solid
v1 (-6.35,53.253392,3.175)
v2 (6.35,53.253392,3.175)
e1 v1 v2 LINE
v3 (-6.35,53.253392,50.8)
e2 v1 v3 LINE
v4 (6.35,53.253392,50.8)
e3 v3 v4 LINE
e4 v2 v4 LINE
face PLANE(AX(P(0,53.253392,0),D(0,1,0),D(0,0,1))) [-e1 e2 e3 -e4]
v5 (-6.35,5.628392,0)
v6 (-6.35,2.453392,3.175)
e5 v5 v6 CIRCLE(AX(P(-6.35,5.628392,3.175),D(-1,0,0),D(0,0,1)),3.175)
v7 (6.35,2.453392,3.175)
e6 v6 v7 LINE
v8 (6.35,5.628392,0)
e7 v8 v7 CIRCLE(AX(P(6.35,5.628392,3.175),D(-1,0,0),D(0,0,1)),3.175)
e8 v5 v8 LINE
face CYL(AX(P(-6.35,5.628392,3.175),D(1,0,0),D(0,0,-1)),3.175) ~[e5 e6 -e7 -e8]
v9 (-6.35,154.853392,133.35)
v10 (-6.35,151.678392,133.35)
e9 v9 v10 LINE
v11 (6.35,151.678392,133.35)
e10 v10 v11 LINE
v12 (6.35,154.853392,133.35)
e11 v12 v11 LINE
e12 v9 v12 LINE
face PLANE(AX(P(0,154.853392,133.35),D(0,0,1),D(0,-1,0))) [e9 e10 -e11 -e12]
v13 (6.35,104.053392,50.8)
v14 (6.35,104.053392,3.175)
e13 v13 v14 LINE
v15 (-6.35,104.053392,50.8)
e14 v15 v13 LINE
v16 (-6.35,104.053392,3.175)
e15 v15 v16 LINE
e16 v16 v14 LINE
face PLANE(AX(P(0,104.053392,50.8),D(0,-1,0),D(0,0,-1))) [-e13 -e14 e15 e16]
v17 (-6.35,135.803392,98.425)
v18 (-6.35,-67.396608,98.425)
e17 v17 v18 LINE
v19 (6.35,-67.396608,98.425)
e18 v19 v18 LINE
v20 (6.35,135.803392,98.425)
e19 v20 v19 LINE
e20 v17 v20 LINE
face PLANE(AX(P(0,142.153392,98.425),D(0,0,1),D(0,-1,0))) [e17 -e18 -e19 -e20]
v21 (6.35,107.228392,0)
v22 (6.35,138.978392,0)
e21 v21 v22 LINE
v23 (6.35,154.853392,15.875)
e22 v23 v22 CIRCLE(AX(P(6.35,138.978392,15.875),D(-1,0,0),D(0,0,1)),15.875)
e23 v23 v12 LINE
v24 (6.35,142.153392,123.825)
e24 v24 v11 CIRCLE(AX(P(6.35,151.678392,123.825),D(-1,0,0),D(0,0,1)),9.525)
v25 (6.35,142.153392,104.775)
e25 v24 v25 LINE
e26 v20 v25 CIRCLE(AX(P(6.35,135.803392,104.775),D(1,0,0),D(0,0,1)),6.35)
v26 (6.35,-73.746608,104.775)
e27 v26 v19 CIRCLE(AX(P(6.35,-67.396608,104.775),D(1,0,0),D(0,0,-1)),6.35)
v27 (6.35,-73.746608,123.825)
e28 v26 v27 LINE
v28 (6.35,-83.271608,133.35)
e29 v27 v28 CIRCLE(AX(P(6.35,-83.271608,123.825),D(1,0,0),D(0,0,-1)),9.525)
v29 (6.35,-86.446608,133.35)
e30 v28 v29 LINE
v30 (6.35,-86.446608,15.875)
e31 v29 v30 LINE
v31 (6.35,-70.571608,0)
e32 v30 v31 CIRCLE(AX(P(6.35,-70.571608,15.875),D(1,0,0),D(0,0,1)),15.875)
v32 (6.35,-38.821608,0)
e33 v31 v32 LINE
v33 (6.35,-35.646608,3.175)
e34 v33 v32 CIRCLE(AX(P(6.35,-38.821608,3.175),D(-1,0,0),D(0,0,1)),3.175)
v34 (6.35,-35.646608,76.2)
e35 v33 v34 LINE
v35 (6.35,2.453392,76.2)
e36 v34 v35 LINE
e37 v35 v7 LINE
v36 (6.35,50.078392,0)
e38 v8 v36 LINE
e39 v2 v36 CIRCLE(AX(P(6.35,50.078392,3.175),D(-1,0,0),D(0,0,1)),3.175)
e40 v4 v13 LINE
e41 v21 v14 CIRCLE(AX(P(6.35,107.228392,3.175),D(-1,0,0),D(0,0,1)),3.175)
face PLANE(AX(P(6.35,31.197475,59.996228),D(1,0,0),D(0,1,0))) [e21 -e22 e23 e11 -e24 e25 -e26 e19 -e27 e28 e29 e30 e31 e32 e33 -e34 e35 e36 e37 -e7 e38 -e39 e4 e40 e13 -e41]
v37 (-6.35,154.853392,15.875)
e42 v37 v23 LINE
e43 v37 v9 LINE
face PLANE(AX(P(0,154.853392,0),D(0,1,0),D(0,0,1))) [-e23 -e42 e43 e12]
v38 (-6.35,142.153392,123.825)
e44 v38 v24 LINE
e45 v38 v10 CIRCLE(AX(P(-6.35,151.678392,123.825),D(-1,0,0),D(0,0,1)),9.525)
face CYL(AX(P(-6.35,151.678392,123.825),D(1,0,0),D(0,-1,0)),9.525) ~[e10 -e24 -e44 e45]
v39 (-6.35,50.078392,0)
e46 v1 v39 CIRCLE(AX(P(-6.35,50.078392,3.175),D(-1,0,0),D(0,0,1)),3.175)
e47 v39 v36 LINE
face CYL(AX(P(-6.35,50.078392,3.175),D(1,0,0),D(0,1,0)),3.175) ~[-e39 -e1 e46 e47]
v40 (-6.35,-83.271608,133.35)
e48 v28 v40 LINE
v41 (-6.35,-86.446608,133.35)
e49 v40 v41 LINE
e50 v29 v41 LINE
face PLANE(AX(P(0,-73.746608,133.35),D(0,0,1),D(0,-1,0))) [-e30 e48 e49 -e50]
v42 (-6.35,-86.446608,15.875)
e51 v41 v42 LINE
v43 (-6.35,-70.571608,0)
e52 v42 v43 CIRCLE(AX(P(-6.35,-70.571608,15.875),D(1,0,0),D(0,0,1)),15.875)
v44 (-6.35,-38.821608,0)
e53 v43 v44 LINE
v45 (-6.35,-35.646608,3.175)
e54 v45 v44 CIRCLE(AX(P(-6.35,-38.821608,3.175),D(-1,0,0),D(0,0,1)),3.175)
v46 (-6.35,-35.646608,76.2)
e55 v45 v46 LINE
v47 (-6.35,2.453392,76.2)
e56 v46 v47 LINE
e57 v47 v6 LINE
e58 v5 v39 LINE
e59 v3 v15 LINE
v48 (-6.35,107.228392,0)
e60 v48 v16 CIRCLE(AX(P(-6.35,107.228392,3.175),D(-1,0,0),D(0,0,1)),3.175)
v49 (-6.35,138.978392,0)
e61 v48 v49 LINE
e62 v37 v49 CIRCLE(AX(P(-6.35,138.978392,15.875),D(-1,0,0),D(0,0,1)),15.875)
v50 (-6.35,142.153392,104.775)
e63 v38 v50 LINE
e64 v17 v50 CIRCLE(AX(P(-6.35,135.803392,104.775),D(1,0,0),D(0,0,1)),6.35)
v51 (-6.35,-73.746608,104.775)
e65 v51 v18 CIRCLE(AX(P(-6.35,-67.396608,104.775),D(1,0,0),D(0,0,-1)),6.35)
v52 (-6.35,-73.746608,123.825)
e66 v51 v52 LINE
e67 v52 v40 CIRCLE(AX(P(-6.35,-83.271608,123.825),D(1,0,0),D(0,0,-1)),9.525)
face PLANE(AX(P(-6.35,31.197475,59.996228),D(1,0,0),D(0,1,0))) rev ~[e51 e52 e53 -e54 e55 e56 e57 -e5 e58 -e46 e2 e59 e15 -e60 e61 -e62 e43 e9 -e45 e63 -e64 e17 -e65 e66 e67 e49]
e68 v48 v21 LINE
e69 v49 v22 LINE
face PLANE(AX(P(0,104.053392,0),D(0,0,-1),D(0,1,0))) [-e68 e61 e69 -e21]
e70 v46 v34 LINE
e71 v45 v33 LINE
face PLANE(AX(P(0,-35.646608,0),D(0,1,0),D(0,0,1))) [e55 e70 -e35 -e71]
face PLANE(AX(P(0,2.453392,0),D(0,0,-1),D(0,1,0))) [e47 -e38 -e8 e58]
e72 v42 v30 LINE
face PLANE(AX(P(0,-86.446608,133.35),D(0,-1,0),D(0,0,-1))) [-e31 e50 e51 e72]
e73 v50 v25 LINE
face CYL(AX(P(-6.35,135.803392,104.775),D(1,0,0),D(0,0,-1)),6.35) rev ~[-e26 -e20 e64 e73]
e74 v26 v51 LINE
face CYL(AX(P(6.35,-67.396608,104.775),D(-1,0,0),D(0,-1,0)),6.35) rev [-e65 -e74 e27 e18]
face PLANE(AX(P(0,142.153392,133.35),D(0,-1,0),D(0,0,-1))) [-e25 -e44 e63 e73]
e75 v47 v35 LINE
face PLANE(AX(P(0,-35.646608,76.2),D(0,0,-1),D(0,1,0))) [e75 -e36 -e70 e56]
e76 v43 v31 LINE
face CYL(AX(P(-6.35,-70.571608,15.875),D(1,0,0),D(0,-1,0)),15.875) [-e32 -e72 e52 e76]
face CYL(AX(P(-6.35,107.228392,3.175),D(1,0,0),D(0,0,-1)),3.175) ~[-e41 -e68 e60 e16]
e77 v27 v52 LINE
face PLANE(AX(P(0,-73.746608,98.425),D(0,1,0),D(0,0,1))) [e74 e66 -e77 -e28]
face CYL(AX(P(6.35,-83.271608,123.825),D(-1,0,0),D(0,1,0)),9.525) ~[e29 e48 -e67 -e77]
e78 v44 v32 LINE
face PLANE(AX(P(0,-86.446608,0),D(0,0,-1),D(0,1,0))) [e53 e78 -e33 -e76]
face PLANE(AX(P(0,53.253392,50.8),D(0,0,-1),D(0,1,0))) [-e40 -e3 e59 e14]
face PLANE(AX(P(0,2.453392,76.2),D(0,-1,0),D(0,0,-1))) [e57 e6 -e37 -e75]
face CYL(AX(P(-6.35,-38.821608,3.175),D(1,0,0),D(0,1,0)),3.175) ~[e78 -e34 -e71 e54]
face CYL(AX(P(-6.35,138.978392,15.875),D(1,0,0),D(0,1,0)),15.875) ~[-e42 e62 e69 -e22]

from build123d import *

# Parameters (mm, degrees)
F1_DEPTH = 6.35
F2_R     = 3.175
F3_R     = 6.35
F4_R     = 9.525
F5_R     = 15.875


with BuildPart() as f1:
    # F0 (on Right) → F1 (new body, symmetric)
    with BuildSketch(Plane.YZ):
        Polygon((-86.446608, 133.35), (-86.446608, 0), (-35.646608, 0), (-35.646608, 76.2), (2.453392, 76.2), (2.453392, 0), (53.253392, 0), (53.253392, 50.8), (104.053392, 50.8), (104.053392, 0), (154.853392, 0), (154.853392, 133.35), (142.153392, 133.35), (142.153392, 98.425), (-73.746608, 98.425), (-73.746608, 133.35), align=None)
    extrude(amount=F1_DEPTH, both=True)

    # F2
    f2_edges = [f1.edges().sort_by_distance(p)[0] for p in [
        (0, 53.253392, 0),
        (0, 104.053392, 0),
        (0, 2.453392, 0),
        (0, -35.646608, 0),
    ]]
    fillet(f2_edges, radius=F2_R)

    # F3
    f3_edges = [f1.edges().sort_by_distance(p)[0] for p in [
        (0, -73.746608, 98.425),
        (0, 142.153392, 98.425),
    ]]
    fillet(f3_edges, radius=F3_R)

    # F4
    f4_edges = [f1.edges().sort_by_distance(p)[0] for p in [
        (0, -73.746608, 133.35),
        (0, 142.153392, 133.35),
    ]]
    fillet(f4_edges, radius=F4_R)

    # F5
    f5_edges = [f1.edges().sort_by_distance(p)[0] for p in [
        (0, -86.446608, 0),
        (0, 154.853392, 0),
    ]]
    fillet(f5_edges, radius=F5_R)


solid = f1.part
